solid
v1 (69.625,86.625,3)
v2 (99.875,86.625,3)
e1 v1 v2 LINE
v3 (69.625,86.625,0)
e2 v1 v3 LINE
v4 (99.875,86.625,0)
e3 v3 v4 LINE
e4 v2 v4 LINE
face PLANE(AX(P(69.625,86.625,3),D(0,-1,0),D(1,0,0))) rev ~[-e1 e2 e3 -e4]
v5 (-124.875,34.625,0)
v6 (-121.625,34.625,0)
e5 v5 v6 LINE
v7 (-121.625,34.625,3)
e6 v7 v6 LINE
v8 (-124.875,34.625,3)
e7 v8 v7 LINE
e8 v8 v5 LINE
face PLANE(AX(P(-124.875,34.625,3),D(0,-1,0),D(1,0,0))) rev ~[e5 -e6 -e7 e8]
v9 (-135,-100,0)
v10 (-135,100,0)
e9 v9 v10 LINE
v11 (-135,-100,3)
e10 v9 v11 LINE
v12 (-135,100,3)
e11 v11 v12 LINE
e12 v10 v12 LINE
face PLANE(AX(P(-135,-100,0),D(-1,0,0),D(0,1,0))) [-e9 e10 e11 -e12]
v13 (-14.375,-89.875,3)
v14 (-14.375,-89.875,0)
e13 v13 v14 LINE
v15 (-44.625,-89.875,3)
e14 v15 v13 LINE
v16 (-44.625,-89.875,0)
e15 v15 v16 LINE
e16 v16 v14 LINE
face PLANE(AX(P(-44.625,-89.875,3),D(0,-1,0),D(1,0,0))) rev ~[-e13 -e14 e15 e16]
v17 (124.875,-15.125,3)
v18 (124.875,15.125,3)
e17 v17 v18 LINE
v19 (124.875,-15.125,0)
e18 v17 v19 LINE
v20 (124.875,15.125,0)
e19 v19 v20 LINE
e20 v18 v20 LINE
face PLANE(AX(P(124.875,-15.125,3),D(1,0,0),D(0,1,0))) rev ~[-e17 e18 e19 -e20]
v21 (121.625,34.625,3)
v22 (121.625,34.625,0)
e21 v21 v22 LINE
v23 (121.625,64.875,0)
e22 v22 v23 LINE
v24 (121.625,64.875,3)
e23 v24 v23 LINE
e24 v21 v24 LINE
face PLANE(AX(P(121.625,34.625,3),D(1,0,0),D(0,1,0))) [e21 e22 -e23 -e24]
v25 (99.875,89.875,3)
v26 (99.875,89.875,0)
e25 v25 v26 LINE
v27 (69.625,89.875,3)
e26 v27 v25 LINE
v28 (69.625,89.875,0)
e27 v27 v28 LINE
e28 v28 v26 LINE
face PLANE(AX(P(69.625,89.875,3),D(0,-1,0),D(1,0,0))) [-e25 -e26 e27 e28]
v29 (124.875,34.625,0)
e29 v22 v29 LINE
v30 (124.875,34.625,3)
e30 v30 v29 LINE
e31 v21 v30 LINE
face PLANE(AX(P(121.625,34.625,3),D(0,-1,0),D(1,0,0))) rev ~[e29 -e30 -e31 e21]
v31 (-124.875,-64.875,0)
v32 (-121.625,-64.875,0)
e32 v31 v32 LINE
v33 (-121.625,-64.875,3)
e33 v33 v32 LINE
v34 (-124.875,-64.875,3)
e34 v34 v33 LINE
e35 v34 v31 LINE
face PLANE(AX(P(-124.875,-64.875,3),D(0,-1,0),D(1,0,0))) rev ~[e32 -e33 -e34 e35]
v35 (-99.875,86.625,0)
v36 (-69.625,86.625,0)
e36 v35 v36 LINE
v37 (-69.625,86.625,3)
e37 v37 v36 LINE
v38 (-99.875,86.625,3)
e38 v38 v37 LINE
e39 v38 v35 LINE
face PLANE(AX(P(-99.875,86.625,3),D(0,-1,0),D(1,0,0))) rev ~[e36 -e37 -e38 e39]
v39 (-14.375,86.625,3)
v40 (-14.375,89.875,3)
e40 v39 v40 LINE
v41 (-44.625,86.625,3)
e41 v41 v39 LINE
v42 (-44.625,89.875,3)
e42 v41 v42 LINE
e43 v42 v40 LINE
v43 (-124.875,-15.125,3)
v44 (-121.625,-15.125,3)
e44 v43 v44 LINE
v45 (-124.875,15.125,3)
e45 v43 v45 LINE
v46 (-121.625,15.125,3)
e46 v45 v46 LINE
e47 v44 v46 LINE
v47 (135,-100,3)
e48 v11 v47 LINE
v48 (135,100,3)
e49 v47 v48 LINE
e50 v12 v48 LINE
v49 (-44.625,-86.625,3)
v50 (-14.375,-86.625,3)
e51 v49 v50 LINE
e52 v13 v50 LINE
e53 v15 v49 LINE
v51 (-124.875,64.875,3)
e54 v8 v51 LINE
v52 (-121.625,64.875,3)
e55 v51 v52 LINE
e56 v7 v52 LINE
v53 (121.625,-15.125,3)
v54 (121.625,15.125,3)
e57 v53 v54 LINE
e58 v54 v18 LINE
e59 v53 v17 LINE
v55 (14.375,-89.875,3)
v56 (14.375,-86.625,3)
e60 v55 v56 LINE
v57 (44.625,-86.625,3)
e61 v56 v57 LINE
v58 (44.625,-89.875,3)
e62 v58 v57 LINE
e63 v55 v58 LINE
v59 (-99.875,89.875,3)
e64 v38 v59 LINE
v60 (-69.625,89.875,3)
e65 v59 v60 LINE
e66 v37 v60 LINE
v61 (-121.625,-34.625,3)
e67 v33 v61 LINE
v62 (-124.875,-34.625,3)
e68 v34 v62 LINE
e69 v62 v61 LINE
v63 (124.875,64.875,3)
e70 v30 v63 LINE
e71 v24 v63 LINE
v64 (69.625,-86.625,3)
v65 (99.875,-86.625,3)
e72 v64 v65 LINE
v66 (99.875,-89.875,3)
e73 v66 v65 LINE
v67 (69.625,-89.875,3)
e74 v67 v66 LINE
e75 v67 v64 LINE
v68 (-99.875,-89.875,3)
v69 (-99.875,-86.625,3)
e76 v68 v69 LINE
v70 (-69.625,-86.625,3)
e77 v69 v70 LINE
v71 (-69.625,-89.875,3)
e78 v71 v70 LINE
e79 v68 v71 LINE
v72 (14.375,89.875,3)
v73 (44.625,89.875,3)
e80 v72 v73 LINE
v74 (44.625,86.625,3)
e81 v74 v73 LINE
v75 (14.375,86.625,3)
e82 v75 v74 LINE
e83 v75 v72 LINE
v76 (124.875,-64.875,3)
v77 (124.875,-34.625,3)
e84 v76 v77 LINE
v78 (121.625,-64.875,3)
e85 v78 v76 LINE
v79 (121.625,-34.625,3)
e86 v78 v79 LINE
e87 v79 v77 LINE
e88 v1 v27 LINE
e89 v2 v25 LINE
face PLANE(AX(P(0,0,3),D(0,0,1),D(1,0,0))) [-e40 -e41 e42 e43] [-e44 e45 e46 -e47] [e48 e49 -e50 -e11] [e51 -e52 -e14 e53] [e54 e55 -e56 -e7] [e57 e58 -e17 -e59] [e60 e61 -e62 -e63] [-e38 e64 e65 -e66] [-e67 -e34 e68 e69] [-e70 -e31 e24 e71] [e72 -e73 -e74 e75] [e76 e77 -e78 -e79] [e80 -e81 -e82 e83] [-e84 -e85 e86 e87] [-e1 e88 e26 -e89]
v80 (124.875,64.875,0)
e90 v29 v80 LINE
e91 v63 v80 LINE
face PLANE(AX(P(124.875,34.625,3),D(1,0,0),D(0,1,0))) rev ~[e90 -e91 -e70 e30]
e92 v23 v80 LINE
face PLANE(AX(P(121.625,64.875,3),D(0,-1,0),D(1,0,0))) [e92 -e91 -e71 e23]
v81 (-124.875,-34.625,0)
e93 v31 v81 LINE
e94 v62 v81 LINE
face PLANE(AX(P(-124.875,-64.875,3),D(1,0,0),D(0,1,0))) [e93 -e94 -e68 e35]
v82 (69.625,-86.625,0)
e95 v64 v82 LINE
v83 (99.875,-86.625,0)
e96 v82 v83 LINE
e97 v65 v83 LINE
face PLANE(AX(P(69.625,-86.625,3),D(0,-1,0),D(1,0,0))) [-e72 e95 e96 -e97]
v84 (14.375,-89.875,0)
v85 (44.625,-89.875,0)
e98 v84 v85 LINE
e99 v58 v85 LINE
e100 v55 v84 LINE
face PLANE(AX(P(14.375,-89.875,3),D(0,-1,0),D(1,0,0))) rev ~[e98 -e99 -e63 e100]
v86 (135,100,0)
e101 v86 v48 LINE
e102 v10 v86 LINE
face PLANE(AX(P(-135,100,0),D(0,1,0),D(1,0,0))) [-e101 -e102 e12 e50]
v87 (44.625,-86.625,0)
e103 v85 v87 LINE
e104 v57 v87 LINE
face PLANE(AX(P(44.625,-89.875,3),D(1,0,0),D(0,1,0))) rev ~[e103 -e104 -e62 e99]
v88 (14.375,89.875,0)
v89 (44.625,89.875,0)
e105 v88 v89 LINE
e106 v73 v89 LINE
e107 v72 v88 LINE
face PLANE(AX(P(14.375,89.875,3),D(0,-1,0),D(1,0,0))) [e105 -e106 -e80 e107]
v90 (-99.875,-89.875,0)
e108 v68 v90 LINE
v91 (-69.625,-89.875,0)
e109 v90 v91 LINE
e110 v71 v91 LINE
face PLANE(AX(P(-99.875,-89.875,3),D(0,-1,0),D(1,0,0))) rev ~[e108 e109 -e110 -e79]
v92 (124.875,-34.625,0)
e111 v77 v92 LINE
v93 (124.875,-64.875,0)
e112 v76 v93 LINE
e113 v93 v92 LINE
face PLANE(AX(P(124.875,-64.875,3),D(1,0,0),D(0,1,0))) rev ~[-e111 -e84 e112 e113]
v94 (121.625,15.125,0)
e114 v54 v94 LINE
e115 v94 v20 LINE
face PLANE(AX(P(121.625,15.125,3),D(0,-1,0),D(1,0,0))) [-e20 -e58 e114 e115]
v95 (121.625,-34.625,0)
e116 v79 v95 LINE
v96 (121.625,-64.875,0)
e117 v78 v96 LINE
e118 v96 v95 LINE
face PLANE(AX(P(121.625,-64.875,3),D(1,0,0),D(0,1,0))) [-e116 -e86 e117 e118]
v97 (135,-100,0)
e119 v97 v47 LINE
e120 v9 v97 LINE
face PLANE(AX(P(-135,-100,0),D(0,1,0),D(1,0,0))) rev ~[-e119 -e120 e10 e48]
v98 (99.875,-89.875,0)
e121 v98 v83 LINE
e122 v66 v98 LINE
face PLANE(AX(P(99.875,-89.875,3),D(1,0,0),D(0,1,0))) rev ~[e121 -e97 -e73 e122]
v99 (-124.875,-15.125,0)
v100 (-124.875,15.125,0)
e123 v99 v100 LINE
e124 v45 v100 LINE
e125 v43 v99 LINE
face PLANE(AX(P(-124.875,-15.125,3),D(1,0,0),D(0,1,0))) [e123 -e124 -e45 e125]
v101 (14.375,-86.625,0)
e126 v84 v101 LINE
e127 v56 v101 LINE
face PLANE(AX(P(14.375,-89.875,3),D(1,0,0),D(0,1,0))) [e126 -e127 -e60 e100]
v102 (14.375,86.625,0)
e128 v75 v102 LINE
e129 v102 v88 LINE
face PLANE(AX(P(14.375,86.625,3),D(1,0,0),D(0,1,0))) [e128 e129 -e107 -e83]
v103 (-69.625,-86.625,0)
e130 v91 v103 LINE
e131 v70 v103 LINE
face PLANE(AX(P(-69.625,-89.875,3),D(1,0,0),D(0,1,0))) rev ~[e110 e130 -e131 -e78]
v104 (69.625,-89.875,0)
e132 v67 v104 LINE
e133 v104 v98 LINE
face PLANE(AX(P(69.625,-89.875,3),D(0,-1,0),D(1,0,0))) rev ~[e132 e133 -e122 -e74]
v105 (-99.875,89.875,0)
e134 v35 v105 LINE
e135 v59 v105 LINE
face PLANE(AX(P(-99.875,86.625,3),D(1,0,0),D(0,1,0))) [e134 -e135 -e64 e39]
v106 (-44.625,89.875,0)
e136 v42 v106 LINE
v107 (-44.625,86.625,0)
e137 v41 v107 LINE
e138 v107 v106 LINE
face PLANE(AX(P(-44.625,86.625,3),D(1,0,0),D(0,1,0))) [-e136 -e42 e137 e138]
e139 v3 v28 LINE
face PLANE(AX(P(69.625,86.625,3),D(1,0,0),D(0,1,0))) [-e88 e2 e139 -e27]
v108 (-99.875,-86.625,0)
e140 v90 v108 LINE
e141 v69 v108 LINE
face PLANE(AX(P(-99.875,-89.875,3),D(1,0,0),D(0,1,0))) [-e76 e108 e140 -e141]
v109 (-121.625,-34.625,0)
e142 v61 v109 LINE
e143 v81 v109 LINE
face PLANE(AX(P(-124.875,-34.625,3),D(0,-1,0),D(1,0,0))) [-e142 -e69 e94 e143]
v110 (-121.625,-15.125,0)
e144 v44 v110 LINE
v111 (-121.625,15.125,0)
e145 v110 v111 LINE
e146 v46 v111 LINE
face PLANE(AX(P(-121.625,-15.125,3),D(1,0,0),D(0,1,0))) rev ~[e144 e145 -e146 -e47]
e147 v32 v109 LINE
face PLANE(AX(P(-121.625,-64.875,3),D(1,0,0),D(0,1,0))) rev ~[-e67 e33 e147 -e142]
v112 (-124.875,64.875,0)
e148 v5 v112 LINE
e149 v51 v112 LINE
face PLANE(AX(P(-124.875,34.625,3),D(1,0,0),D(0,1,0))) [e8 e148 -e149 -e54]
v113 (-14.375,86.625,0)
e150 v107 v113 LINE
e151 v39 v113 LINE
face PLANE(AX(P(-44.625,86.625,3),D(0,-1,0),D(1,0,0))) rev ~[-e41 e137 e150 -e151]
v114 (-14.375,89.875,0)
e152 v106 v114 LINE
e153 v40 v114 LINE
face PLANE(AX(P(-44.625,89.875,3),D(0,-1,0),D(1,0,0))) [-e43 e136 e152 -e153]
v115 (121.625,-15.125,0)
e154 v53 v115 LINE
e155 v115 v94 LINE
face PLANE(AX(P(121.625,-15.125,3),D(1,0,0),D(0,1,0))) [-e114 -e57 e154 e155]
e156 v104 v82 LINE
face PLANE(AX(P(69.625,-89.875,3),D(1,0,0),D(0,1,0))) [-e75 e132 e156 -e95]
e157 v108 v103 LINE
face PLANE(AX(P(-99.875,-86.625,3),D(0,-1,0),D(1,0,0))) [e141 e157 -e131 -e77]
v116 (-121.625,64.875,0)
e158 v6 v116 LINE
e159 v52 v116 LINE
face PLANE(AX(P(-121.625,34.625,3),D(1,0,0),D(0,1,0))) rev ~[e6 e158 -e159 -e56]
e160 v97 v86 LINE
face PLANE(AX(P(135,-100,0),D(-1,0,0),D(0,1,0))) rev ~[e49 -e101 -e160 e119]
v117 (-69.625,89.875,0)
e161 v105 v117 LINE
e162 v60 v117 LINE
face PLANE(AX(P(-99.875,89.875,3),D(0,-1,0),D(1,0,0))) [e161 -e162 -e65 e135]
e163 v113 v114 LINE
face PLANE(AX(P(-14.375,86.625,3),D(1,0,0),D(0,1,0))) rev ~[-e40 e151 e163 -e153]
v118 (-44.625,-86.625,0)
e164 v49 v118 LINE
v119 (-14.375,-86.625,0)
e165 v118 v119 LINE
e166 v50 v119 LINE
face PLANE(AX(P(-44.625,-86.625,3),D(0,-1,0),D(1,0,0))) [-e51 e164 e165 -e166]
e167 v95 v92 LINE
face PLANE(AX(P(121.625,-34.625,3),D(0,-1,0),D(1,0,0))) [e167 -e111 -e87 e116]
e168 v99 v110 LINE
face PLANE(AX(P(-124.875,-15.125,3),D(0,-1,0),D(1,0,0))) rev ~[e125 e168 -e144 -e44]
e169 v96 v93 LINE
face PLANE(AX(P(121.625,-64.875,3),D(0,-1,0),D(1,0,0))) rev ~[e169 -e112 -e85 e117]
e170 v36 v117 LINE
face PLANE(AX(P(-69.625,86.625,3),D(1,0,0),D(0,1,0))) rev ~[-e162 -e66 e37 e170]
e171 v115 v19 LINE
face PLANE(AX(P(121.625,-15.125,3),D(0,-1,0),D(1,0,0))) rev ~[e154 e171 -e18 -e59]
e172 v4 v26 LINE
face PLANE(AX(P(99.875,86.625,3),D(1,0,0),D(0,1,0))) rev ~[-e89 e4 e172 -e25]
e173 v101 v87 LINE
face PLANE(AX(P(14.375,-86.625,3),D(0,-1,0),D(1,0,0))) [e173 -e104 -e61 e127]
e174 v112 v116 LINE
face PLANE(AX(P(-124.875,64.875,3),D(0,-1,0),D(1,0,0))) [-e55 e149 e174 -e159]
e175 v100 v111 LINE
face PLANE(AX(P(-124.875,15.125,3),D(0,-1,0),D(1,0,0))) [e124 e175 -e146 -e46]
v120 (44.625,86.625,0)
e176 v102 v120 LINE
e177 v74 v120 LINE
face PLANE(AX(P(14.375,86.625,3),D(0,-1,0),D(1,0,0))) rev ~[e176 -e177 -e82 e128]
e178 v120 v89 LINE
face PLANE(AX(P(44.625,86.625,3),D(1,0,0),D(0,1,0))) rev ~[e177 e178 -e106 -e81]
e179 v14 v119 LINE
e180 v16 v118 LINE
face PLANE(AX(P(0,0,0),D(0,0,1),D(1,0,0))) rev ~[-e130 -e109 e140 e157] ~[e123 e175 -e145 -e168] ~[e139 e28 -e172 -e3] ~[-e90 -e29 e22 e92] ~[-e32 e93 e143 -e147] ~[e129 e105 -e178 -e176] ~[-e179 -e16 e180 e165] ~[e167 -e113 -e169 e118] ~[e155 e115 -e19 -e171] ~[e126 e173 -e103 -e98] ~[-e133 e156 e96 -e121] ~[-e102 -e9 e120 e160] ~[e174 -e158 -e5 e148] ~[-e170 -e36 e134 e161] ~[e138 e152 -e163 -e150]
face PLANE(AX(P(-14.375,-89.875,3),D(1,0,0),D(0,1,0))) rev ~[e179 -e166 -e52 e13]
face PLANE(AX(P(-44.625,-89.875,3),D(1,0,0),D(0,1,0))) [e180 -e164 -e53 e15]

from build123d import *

# Parameters (mm, degrees)
F0_W     = 270
F0_H     = 200
F1_DEPTH = 3
F2_W     = 30.25
F2_H     = 3.25
F2_W_2   = 3.25
F2_H_2   = 30.25
F3_DEPTH = 3


with BuildPart() as f1:
    # F0 (on Top) → F1 (new body)
    with BuildSketch(Plane.XY):
        Rectangle(F0_W, F0_H)
    extrude(amount=F1_DEPTH)

    # F2 (on face) → F3 (cut)
    with BuildSketch(Plane.XY.offset(3)):
        with Locations((-84.75, -88.25)):
            Rectangle(F2_W, F2_H)
        with Locations((-29.5, -88.25)):
            Rectangle(F2_W, F2_H)
        with Locations((123.25, 49.75)):
            Rectangle(F2_W_2, F2_H_2)
        with Locations((123.25, 0)):
            Rectangle(F2_W_2, F2_H_2)
        with Locations((-84.75, 88.25)):
            Rectangle(F2_W, F2_H)
        with Locations((-29.5, 88.25)):
            Rectangle(F2_W, F2_H)
        with Locations((29.5, -88.25)):
            Rectangle(F2_W, F2_H)
        with Locations((84.75, -88.25)):
            Rectangle(F2_W, F2_H)
        with Locations((84.75, 88.25)):
            Rectangle(F2_W, F2_H)
        with Locations((29.5, 88.25)):
            Rectangle(F2_W, F2_H)
        with Locations((123.25, -49.75)):
            Rectangle(F2_W_2, F2_H_2)
        with Locations((-123.25, -49.75)):
            Rectangle(F2_W_2, F2_H_2)
        with Locations((-123.25, 49.75)):
            Rectangle(F2_W_2, F2_H_2)
        with Locations((-123.25, 0)):
            Rectangle(F2_W_2, F2_H_2)
    extrude(amount=-F3_DEPTH, mode=Mode.SUBTRACT)


solid = f1.part
